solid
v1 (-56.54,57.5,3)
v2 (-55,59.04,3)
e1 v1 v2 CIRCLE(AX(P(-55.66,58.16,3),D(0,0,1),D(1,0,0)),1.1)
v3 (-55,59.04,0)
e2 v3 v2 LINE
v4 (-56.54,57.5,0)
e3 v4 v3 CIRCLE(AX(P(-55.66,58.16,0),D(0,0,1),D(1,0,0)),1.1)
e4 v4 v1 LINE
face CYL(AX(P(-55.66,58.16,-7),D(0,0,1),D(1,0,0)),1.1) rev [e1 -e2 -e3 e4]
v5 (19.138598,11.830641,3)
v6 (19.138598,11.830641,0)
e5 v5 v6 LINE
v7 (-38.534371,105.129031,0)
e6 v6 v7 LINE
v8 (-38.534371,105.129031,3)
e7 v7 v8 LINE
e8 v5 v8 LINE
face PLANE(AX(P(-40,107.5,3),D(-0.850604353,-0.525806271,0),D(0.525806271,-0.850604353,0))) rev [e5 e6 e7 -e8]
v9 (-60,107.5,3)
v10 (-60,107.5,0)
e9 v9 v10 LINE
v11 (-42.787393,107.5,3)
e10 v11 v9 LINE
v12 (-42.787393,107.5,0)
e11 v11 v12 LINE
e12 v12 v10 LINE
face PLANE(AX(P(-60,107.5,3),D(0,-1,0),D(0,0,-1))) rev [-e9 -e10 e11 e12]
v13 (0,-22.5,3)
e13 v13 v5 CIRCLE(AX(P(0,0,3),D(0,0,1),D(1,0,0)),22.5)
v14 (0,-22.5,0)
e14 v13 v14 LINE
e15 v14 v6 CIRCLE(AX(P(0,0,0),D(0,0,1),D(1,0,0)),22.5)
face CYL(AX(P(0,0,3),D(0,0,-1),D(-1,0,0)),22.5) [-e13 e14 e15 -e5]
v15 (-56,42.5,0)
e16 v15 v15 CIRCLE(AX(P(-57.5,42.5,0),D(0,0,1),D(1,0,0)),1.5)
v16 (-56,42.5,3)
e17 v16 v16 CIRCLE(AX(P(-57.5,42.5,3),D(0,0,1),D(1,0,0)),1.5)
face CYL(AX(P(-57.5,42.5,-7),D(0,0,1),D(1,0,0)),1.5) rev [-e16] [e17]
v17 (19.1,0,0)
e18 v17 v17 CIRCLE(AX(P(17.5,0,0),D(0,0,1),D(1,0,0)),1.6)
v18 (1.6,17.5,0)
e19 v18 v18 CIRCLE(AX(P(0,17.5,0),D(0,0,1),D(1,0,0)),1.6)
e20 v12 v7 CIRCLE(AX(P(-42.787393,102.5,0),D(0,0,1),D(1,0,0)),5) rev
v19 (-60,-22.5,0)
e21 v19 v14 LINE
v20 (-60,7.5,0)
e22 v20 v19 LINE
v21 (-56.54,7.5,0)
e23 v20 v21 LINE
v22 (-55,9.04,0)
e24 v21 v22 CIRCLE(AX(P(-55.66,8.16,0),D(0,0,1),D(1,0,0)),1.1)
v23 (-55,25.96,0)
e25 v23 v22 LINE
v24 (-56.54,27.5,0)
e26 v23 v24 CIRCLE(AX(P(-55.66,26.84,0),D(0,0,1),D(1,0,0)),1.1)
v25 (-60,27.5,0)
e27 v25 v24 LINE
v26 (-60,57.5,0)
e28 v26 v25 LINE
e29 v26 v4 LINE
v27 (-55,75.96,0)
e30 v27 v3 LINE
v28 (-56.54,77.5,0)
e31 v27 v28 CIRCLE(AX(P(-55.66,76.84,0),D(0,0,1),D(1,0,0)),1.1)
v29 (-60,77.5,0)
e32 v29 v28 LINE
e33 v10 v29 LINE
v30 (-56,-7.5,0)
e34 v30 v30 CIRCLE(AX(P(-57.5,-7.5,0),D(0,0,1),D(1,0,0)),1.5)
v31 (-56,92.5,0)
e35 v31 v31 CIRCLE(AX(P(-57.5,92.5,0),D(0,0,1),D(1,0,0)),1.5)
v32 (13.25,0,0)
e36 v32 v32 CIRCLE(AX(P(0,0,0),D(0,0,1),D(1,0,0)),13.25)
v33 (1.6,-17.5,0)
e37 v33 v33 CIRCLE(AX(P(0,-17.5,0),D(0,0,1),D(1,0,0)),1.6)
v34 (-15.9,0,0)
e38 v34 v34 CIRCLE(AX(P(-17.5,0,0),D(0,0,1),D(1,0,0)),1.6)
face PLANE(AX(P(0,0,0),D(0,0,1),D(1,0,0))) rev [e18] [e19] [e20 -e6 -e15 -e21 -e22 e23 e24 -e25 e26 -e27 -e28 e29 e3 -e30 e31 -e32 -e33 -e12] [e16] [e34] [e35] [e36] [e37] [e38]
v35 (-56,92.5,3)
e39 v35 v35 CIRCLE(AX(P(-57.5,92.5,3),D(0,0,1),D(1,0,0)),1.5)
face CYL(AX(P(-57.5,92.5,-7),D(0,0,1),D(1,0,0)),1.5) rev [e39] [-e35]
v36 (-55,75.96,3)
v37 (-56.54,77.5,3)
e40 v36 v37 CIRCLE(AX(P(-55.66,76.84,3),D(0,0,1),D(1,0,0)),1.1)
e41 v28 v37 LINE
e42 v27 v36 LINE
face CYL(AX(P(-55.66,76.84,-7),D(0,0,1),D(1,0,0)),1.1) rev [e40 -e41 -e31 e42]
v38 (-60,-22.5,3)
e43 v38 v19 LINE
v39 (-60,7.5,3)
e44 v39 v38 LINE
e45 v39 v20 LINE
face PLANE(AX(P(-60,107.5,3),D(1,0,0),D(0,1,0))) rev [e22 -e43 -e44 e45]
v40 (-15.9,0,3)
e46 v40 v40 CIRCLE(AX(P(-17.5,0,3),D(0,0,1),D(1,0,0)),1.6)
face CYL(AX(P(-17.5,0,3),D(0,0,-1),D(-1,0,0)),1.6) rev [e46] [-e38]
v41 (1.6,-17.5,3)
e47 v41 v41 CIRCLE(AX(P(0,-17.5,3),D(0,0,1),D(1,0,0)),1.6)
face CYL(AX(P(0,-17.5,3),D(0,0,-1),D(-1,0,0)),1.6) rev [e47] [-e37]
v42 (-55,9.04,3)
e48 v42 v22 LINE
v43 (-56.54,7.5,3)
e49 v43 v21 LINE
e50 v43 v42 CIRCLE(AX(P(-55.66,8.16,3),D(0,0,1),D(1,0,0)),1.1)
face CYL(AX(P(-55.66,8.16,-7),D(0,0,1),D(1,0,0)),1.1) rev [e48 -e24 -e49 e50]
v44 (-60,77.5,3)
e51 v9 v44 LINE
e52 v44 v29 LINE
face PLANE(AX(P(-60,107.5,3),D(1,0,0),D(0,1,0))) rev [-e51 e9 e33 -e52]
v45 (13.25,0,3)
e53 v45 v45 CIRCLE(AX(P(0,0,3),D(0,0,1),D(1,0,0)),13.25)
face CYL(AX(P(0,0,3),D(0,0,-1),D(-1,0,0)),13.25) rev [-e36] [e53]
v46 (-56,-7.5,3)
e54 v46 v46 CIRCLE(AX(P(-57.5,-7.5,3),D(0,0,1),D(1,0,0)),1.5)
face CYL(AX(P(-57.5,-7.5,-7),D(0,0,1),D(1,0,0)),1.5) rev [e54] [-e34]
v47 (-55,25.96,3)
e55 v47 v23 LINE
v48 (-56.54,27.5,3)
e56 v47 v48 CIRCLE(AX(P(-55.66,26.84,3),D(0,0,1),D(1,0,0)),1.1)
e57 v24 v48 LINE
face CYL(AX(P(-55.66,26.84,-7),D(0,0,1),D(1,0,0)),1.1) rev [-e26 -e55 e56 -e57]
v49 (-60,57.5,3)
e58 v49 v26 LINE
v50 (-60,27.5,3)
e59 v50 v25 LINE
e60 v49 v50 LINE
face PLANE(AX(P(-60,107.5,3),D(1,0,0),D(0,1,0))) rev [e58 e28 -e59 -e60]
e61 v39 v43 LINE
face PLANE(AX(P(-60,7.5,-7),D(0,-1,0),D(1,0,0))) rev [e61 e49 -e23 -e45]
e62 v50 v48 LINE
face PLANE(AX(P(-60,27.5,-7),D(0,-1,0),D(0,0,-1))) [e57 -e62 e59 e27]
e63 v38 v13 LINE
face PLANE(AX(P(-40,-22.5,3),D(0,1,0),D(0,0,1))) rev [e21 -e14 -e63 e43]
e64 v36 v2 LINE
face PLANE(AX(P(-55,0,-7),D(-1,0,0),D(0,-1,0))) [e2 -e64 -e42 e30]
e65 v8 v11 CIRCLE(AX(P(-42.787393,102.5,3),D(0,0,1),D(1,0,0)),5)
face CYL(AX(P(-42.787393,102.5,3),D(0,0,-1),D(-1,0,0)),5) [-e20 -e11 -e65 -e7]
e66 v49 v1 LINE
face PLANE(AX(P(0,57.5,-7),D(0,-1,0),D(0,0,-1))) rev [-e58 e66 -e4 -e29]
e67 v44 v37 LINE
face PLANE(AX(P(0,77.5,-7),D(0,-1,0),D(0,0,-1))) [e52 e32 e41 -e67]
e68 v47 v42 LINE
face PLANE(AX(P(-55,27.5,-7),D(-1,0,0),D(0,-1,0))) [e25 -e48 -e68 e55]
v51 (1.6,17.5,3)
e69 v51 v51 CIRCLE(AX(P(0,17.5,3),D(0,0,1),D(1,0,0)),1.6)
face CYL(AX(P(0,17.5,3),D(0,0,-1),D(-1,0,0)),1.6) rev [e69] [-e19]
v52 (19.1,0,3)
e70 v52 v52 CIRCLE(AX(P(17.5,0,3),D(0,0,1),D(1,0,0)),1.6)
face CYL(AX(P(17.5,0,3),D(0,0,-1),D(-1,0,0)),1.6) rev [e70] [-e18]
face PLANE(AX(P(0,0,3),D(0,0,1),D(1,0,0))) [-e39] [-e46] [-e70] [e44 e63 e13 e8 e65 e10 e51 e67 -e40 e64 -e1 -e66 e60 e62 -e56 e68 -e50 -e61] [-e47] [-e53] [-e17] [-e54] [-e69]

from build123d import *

# Parameters (mm, degrees)
SKETCH_2_R          = 13.25
SKETCH_2_R_2        = 1.6
EXTRUDE_1_DEPTH     = 3
FILLET_3_R          = 5
SKETCH_4_R          = 1.5
SKETCH_4_R_2        = 1.1
SKETCH_4_W          = 5
SKETCH_4_H          = 20
CUT_EXTRUDE_1_DEPTH = 10


with BuildPart() as part:
    # ｽｹｯﾁ2 → ﾎﾞｽ - 押し出し1 (new body)
    with BuildSketch(Plane.XY):
        with BuildLine():
            Line((-60, -22.5), (-40, -22.5))
            Line((-40, -22.5), (0, -22.5))
            ThreePointArc((0, -22.5), (19.65247344, -10.9558335), (19.138597944, 11.830641096))
            Line((19.138597944, 11.830641096), (-40, 107.5))
            Line((-40, 107.5), (-60, 107.5))
            Line((-60, 107.5), (-60, -22.5))
        make_face()
        Circle(SKETCH_2_R, mode=Mode.SUBTRACT)
        with Locations((0, 17.5)):
            Circle(SKETCH_2_R_2, mode=Mode.SUBTRACT)
        with Locations((17.5, 0)):
            Circle(SKETCH_2_R_2, mode=Mode.SUBTRACT)
        with Locations((0, -17.5)):
            Circle(SKETCH_2_R_2, mode=Mode.SUBTRACT)
        with Locations((-17.5, 0)):
            Circle(SKETCH_2_R_2, mode=Mode.SUBTRACT)
    extrude(amount=EXTRUDE_1_DEPTH)

    # ﾌｨﾚｯﾄ3
    fillet_3_edges = [part.edges().sort_by_distance(p)[0] for p in [
        (-40, 107.5, 1.5),
    ]]
    fillet(fillet_3_edges, radius=FILLET_3_R)

    # ｽｹｯﾁ4 → ｶｯﾄ - 押し出し1 (cut)
    with BuildSketch(Plane.XY.offset(3)):
        with Locations((-57.5, -7.5)):
            Circle(SKETCH_4_R)
        with Locations((-57.5, 42.5)):
            Circle(SKETCH_4_R)
        with Locations((-57.5, 92.5)):
            Circle(SKETCH_4_R)
        with Locations((-55.66, 26.84)):
            Circle(SKETCH_4_R_2)
        with Locations((-55.66, 8.16)):
            Circle(SKETCH_4_R_2)
        with Locations((-55.66, 58.16)):
            Circle(SKETCH_4_R_2)
        with Locations((-55.66, 76.84)):
            Circle(SKETCH_4_R_2)
        with Locations((-57.5, 67.5)):
            Rectangle(SKETCH_4_W, SKETCH_4_H)
        with Locations((-57.5, 17.5)):
            Rectangle(SKETCH_4_W, SKETCH_4_H)
    extrude(amount=-CUT_EXTRUDE_1_DEPTH, mode=Mode.SUBTRACT)


solid = part.part
